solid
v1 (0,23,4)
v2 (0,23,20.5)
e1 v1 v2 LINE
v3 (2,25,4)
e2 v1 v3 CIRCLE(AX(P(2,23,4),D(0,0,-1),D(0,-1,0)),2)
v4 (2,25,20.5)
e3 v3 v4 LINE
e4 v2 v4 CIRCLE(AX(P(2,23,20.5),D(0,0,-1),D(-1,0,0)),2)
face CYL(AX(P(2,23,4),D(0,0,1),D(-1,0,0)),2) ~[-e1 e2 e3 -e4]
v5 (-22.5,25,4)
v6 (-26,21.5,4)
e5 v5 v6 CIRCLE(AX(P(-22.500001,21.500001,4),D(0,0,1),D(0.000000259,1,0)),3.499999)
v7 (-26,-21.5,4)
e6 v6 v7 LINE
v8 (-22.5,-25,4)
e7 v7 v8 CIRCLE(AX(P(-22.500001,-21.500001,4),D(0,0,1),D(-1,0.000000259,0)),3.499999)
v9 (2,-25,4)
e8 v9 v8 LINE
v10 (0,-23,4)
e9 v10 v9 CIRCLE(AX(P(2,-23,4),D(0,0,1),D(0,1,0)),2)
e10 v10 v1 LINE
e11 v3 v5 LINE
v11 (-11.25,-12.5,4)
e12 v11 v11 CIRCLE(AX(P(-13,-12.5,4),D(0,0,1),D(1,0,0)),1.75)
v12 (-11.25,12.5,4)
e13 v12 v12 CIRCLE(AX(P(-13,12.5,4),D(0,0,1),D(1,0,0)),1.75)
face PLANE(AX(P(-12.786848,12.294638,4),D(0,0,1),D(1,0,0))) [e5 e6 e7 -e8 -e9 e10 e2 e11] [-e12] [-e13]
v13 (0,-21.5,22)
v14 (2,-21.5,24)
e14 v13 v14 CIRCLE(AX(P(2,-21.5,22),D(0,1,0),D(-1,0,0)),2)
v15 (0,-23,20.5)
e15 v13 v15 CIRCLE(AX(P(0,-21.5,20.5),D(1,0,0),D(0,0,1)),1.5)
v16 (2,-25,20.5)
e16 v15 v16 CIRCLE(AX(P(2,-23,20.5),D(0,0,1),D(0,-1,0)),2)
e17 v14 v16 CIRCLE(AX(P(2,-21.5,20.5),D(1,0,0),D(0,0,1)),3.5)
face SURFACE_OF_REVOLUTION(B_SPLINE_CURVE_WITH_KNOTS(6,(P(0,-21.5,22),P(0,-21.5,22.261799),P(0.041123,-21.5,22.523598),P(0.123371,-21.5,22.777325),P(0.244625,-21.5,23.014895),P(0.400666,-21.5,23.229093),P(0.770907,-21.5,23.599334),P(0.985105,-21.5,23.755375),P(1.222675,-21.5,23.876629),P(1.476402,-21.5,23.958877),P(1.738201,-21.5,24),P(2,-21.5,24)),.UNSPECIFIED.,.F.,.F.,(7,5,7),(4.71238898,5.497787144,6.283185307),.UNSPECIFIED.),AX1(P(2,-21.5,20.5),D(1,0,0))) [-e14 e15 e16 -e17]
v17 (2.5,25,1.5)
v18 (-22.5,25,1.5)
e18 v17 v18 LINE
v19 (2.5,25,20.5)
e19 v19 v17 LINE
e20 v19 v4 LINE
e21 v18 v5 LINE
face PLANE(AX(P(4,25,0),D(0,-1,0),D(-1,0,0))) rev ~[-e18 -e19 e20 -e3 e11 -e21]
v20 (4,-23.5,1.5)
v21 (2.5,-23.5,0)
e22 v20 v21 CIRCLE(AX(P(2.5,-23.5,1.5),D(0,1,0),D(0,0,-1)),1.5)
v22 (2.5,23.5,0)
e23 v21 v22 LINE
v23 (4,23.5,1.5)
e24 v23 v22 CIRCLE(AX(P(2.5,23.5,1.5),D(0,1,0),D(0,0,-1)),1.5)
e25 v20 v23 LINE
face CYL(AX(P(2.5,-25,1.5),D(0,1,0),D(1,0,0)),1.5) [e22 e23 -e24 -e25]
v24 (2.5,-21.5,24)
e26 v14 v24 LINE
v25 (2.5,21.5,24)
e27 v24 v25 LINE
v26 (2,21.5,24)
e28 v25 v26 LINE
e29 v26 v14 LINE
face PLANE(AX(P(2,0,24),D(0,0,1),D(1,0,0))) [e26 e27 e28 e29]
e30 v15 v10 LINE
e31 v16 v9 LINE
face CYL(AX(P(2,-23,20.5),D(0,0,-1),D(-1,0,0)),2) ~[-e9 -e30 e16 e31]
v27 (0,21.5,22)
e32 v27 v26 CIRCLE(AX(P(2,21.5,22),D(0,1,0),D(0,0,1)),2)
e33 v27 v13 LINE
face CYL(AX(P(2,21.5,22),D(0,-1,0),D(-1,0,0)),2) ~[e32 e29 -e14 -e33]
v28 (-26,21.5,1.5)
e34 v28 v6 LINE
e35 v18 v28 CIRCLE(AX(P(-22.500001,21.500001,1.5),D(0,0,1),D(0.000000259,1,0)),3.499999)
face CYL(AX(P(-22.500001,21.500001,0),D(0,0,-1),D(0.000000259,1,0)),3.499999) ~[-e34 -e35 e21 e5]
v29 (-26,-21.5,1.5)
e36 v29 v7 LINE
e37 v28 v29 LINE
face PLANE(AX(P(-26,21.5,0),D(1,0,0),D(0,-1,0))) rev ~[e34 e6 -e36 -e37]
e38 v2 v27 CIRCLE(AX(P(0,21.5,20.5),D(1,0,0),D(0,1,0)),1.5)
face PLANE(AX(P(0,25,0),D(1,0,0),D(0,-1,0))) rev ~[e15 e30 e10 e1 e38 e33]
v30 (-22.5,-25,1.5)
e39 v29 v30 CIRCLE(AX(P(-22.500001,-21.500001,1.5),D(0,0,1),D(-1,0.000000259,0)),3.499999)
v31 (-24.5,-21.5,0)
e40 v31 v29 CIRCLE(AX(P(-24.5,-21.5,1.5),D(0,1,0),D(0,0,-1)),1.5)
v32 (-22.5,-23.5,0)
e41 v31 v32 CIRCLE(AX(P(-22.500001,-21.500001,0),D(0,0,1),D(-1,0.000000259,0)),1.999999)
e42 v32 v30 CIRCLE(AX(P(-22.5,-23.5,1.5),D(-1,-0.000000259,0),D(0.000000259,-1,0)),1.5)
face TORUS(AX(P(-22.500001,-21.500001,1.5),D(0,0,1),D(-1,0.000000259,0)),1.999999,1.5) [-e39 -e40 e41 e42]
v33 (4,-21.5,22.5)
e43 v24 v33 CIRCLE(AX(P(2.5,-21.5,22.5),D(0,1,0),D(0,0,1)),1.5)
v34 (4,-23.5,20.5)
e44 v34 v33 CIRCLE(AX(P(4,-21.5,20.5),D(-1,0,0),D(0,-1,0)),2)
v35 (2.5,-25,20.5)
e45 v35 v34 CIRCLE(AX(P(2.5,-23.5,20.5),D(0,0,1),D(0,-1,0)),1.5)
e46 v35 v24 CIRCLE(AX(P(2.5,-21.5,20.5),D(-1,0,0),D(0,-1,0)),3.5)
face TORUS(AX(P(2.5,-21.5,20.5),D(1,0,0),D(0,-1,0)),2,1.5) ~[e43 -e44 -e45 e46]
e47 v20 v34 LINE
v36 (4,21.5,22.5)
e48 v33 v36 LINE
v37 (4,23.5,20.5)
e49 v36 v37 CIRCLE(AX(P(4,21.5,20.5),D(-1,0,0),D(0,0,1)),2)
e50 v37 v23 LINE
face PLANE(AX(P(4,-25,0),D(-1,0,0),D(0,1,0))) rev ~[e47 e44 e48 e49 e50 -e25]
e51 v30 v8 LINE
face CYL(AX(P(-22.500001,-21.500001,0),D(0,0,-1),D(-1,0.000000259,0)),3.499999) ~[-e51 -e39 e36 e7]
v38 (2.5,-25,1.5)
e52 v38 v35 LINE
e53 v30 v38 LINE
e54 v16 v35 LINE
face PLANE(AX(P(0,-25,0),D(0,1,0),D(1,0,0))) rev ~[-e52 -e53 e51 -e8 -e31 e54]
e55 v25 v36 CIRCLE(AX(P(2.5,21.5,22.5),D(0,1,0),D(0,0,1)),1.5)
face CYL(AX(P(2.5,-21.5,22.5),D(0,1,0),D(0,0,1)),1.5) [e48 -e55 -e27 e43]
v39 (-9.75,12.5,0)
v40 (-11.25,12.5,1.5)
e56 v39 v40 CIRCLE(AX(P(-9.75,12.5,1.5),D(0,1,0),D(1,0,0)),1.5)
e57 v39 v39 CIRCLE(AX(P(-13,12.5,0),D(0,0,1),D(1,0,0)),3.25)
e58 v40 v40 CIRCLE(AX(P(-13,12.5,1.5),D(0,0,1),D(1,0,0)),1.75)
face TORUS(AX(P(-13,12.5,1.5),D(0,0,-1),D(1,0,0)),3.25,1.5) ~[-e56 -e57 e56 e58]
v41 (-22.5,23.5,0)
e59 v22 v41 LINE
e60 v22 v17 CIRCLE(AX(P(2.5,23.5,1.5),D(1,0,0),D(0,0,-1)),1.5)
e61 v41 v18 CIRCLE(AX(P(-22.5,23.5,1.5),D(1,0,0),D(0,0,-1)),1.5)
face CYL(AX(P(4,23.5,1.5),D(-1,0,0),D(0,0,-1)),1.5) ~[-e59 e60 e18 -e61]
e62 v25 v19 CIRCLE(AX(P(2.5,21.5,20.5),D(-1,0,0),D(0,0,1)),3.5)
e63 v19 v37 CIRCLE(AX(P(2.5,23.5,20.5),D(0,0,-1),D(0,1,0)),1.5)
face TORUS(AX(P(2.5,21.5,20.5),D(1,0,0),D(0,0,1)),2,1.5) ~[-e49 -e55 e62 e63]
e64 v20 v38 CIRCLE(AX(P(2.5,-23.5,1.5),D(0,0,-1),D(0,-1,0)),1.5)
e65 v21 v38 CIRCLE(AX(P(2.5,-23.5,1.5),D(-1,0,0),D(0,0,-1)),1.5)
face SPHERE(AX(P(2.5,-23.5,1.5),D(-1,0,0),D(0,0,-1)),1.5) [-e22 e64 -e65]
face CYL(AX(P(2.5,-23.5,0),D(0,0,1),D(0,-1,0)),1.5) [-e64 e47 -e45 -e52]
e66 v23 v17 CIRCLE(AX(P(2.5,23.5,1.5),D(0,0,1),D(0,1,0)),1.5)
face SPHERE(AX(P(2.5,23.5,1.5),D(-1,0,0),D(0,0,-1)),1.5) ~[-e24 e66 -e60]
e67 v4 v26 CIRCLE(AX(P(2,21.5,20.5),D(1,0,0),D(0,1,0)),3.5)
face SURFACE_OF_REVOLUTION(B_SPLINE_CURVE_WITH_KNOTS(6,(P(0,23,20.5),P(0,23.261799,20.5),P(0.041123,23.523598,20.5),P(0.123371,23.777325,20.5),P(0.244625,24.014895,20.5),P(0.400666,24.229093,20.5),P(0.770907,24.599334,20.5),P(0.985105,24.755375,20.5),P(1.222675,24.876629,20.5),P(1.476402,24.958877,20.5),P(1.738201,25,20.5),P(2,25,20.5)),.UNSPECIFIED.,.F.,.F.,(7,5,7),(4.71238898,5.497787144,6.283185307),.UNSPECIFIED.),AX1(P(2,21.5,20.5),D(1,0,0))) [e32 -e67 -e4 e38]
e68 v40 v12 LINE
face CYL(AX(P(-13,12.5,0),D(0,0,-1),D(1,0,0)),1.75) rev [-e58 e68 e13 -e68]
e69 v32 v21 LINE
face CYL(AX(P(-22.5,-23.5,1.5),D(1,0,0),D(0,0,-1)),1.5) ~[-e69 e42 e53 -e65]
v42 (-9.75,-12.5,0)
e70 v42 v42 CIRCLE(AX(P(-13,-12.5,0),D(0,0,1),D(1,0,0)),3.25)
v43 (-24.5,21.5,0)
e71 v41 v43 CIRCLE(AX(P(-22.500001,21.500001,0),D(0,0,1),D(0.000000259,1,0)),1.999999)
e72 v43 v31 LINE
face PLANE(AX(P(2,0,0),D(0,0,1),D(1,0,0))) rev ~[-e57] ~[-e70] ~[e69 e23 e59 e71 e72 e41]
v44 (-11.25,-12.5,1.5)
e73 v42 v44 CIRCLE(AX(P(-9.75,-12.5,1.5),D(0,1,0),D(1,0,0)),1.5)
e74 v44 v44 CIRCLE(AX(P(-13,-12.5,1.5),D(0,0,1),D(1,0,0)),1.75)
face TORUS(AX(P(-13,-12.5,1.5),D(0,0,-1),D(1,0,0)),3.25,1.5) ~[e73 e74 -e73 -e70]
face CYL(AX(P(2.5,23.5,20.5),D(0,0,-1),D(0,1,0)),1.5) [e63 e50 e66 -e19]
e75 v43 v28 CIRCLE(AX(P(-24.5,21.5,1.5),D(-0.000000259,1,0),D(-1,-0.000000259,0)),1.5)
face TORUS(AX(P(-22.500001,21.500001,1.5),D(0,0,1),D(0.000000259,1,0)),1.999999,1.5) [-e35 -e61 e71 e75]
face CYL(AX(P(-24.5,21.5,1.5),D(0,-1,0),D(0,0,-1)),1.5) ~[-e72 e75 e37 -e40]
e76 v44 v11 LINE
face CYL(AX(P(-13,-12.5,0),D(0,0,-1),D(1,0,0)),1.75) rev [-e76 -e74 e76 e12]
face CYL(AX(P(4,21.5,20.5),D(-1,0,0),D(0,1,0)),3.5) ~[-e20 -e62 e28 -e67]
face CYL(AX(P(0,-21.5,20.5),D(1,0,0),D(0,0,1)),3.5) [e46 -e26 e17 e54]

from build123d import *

# Parameters (mm, degrees)
F0_R     = 1.75
F1_DEPTH = 4
F2_DEPTH = 24
F3_R     = 3.5
F4_R     = 1.5
F5_R     = 2


with BuildPart() as f1:
    # F0 (on Top) → F1 (new body)
    with BuildSketch(Plane.XY):
        with BuildLine():
            Line((-26, 0), (0, 0))
            Line((0, 0), (0, 25))
            Line((0, 25), (-22.5, 25))
            ThreePointArc((-22.5, 25), (-24.974874, 23.974874), (-26, 21.5))
            Line((-26, 21.5), (-26, 0))
        make_face()
        with Locations((-13, 12.5)):
            Circle(F0_R, mode=Mode.SUBTRACT)
        with BuildLine():
            Line((0, -25), (0, 0))
            Line((0, 0), (-26, 0))
            Line((-26, 0), (-26, -21.5))
            ThreePointArc((-26, -21.5), (-24.974874, -23.974874), (-22.5, -25))
            Line((-22.5, -25), (0, -25))
        make_face()
        with Locations((-13, -12.5)):
            Circle(F0_R, mode=Mode.SUBTRACT)
    extrude(amount=F1_DEPTH)

    # F0 (on Top) → F2 (join)
    with BuildSketch(Plane.XY):
        Polygon((0, 25), (0, 0), (0, -25), (4, -25), (4, 25), align=None)
    extrude(amount=F2_DEPTH)

    # F3
    f3_edges = [f1.edges().sort_by_distance(p)[0] for p in [
        (2, 25, 24),
        (2, -25, 24),
    ]]
    fillet(f3_edges, radius=F3_R)

    # F4
    f4_edges = [f1.edges().sort_by_distance(p)[0] for p in [
        (-24.974874, 23.974874, 0),
        (-26, 0, 0),
        (-24.974874, -23.974874, 0),
        (-9.25, -25, 0),
        (4, 0, 0),
        (-9.25, 25, 0),
        (-14.75, 12.5, 0),
        (-14.75, -12.5, 0),
        (4, -25, 10.25),
        (4, -23.974874, 22.974874),
        (4, 0, 24),
        (4, 25, 10.25),
        (4, 23.974874, 22.974874),
    ]]
    fillet(f4_edges, radius=F4_R)

    # F5
    f5_edges = [f1.edges().sort_by_distance(p)[0] for p in [
        (0, 0, 24),
        (0, -25, 12.25),
        (0, 25, 12.25),
    ]]
    fillet(f5_edges, radius=F5_R)


solid = f1.part
